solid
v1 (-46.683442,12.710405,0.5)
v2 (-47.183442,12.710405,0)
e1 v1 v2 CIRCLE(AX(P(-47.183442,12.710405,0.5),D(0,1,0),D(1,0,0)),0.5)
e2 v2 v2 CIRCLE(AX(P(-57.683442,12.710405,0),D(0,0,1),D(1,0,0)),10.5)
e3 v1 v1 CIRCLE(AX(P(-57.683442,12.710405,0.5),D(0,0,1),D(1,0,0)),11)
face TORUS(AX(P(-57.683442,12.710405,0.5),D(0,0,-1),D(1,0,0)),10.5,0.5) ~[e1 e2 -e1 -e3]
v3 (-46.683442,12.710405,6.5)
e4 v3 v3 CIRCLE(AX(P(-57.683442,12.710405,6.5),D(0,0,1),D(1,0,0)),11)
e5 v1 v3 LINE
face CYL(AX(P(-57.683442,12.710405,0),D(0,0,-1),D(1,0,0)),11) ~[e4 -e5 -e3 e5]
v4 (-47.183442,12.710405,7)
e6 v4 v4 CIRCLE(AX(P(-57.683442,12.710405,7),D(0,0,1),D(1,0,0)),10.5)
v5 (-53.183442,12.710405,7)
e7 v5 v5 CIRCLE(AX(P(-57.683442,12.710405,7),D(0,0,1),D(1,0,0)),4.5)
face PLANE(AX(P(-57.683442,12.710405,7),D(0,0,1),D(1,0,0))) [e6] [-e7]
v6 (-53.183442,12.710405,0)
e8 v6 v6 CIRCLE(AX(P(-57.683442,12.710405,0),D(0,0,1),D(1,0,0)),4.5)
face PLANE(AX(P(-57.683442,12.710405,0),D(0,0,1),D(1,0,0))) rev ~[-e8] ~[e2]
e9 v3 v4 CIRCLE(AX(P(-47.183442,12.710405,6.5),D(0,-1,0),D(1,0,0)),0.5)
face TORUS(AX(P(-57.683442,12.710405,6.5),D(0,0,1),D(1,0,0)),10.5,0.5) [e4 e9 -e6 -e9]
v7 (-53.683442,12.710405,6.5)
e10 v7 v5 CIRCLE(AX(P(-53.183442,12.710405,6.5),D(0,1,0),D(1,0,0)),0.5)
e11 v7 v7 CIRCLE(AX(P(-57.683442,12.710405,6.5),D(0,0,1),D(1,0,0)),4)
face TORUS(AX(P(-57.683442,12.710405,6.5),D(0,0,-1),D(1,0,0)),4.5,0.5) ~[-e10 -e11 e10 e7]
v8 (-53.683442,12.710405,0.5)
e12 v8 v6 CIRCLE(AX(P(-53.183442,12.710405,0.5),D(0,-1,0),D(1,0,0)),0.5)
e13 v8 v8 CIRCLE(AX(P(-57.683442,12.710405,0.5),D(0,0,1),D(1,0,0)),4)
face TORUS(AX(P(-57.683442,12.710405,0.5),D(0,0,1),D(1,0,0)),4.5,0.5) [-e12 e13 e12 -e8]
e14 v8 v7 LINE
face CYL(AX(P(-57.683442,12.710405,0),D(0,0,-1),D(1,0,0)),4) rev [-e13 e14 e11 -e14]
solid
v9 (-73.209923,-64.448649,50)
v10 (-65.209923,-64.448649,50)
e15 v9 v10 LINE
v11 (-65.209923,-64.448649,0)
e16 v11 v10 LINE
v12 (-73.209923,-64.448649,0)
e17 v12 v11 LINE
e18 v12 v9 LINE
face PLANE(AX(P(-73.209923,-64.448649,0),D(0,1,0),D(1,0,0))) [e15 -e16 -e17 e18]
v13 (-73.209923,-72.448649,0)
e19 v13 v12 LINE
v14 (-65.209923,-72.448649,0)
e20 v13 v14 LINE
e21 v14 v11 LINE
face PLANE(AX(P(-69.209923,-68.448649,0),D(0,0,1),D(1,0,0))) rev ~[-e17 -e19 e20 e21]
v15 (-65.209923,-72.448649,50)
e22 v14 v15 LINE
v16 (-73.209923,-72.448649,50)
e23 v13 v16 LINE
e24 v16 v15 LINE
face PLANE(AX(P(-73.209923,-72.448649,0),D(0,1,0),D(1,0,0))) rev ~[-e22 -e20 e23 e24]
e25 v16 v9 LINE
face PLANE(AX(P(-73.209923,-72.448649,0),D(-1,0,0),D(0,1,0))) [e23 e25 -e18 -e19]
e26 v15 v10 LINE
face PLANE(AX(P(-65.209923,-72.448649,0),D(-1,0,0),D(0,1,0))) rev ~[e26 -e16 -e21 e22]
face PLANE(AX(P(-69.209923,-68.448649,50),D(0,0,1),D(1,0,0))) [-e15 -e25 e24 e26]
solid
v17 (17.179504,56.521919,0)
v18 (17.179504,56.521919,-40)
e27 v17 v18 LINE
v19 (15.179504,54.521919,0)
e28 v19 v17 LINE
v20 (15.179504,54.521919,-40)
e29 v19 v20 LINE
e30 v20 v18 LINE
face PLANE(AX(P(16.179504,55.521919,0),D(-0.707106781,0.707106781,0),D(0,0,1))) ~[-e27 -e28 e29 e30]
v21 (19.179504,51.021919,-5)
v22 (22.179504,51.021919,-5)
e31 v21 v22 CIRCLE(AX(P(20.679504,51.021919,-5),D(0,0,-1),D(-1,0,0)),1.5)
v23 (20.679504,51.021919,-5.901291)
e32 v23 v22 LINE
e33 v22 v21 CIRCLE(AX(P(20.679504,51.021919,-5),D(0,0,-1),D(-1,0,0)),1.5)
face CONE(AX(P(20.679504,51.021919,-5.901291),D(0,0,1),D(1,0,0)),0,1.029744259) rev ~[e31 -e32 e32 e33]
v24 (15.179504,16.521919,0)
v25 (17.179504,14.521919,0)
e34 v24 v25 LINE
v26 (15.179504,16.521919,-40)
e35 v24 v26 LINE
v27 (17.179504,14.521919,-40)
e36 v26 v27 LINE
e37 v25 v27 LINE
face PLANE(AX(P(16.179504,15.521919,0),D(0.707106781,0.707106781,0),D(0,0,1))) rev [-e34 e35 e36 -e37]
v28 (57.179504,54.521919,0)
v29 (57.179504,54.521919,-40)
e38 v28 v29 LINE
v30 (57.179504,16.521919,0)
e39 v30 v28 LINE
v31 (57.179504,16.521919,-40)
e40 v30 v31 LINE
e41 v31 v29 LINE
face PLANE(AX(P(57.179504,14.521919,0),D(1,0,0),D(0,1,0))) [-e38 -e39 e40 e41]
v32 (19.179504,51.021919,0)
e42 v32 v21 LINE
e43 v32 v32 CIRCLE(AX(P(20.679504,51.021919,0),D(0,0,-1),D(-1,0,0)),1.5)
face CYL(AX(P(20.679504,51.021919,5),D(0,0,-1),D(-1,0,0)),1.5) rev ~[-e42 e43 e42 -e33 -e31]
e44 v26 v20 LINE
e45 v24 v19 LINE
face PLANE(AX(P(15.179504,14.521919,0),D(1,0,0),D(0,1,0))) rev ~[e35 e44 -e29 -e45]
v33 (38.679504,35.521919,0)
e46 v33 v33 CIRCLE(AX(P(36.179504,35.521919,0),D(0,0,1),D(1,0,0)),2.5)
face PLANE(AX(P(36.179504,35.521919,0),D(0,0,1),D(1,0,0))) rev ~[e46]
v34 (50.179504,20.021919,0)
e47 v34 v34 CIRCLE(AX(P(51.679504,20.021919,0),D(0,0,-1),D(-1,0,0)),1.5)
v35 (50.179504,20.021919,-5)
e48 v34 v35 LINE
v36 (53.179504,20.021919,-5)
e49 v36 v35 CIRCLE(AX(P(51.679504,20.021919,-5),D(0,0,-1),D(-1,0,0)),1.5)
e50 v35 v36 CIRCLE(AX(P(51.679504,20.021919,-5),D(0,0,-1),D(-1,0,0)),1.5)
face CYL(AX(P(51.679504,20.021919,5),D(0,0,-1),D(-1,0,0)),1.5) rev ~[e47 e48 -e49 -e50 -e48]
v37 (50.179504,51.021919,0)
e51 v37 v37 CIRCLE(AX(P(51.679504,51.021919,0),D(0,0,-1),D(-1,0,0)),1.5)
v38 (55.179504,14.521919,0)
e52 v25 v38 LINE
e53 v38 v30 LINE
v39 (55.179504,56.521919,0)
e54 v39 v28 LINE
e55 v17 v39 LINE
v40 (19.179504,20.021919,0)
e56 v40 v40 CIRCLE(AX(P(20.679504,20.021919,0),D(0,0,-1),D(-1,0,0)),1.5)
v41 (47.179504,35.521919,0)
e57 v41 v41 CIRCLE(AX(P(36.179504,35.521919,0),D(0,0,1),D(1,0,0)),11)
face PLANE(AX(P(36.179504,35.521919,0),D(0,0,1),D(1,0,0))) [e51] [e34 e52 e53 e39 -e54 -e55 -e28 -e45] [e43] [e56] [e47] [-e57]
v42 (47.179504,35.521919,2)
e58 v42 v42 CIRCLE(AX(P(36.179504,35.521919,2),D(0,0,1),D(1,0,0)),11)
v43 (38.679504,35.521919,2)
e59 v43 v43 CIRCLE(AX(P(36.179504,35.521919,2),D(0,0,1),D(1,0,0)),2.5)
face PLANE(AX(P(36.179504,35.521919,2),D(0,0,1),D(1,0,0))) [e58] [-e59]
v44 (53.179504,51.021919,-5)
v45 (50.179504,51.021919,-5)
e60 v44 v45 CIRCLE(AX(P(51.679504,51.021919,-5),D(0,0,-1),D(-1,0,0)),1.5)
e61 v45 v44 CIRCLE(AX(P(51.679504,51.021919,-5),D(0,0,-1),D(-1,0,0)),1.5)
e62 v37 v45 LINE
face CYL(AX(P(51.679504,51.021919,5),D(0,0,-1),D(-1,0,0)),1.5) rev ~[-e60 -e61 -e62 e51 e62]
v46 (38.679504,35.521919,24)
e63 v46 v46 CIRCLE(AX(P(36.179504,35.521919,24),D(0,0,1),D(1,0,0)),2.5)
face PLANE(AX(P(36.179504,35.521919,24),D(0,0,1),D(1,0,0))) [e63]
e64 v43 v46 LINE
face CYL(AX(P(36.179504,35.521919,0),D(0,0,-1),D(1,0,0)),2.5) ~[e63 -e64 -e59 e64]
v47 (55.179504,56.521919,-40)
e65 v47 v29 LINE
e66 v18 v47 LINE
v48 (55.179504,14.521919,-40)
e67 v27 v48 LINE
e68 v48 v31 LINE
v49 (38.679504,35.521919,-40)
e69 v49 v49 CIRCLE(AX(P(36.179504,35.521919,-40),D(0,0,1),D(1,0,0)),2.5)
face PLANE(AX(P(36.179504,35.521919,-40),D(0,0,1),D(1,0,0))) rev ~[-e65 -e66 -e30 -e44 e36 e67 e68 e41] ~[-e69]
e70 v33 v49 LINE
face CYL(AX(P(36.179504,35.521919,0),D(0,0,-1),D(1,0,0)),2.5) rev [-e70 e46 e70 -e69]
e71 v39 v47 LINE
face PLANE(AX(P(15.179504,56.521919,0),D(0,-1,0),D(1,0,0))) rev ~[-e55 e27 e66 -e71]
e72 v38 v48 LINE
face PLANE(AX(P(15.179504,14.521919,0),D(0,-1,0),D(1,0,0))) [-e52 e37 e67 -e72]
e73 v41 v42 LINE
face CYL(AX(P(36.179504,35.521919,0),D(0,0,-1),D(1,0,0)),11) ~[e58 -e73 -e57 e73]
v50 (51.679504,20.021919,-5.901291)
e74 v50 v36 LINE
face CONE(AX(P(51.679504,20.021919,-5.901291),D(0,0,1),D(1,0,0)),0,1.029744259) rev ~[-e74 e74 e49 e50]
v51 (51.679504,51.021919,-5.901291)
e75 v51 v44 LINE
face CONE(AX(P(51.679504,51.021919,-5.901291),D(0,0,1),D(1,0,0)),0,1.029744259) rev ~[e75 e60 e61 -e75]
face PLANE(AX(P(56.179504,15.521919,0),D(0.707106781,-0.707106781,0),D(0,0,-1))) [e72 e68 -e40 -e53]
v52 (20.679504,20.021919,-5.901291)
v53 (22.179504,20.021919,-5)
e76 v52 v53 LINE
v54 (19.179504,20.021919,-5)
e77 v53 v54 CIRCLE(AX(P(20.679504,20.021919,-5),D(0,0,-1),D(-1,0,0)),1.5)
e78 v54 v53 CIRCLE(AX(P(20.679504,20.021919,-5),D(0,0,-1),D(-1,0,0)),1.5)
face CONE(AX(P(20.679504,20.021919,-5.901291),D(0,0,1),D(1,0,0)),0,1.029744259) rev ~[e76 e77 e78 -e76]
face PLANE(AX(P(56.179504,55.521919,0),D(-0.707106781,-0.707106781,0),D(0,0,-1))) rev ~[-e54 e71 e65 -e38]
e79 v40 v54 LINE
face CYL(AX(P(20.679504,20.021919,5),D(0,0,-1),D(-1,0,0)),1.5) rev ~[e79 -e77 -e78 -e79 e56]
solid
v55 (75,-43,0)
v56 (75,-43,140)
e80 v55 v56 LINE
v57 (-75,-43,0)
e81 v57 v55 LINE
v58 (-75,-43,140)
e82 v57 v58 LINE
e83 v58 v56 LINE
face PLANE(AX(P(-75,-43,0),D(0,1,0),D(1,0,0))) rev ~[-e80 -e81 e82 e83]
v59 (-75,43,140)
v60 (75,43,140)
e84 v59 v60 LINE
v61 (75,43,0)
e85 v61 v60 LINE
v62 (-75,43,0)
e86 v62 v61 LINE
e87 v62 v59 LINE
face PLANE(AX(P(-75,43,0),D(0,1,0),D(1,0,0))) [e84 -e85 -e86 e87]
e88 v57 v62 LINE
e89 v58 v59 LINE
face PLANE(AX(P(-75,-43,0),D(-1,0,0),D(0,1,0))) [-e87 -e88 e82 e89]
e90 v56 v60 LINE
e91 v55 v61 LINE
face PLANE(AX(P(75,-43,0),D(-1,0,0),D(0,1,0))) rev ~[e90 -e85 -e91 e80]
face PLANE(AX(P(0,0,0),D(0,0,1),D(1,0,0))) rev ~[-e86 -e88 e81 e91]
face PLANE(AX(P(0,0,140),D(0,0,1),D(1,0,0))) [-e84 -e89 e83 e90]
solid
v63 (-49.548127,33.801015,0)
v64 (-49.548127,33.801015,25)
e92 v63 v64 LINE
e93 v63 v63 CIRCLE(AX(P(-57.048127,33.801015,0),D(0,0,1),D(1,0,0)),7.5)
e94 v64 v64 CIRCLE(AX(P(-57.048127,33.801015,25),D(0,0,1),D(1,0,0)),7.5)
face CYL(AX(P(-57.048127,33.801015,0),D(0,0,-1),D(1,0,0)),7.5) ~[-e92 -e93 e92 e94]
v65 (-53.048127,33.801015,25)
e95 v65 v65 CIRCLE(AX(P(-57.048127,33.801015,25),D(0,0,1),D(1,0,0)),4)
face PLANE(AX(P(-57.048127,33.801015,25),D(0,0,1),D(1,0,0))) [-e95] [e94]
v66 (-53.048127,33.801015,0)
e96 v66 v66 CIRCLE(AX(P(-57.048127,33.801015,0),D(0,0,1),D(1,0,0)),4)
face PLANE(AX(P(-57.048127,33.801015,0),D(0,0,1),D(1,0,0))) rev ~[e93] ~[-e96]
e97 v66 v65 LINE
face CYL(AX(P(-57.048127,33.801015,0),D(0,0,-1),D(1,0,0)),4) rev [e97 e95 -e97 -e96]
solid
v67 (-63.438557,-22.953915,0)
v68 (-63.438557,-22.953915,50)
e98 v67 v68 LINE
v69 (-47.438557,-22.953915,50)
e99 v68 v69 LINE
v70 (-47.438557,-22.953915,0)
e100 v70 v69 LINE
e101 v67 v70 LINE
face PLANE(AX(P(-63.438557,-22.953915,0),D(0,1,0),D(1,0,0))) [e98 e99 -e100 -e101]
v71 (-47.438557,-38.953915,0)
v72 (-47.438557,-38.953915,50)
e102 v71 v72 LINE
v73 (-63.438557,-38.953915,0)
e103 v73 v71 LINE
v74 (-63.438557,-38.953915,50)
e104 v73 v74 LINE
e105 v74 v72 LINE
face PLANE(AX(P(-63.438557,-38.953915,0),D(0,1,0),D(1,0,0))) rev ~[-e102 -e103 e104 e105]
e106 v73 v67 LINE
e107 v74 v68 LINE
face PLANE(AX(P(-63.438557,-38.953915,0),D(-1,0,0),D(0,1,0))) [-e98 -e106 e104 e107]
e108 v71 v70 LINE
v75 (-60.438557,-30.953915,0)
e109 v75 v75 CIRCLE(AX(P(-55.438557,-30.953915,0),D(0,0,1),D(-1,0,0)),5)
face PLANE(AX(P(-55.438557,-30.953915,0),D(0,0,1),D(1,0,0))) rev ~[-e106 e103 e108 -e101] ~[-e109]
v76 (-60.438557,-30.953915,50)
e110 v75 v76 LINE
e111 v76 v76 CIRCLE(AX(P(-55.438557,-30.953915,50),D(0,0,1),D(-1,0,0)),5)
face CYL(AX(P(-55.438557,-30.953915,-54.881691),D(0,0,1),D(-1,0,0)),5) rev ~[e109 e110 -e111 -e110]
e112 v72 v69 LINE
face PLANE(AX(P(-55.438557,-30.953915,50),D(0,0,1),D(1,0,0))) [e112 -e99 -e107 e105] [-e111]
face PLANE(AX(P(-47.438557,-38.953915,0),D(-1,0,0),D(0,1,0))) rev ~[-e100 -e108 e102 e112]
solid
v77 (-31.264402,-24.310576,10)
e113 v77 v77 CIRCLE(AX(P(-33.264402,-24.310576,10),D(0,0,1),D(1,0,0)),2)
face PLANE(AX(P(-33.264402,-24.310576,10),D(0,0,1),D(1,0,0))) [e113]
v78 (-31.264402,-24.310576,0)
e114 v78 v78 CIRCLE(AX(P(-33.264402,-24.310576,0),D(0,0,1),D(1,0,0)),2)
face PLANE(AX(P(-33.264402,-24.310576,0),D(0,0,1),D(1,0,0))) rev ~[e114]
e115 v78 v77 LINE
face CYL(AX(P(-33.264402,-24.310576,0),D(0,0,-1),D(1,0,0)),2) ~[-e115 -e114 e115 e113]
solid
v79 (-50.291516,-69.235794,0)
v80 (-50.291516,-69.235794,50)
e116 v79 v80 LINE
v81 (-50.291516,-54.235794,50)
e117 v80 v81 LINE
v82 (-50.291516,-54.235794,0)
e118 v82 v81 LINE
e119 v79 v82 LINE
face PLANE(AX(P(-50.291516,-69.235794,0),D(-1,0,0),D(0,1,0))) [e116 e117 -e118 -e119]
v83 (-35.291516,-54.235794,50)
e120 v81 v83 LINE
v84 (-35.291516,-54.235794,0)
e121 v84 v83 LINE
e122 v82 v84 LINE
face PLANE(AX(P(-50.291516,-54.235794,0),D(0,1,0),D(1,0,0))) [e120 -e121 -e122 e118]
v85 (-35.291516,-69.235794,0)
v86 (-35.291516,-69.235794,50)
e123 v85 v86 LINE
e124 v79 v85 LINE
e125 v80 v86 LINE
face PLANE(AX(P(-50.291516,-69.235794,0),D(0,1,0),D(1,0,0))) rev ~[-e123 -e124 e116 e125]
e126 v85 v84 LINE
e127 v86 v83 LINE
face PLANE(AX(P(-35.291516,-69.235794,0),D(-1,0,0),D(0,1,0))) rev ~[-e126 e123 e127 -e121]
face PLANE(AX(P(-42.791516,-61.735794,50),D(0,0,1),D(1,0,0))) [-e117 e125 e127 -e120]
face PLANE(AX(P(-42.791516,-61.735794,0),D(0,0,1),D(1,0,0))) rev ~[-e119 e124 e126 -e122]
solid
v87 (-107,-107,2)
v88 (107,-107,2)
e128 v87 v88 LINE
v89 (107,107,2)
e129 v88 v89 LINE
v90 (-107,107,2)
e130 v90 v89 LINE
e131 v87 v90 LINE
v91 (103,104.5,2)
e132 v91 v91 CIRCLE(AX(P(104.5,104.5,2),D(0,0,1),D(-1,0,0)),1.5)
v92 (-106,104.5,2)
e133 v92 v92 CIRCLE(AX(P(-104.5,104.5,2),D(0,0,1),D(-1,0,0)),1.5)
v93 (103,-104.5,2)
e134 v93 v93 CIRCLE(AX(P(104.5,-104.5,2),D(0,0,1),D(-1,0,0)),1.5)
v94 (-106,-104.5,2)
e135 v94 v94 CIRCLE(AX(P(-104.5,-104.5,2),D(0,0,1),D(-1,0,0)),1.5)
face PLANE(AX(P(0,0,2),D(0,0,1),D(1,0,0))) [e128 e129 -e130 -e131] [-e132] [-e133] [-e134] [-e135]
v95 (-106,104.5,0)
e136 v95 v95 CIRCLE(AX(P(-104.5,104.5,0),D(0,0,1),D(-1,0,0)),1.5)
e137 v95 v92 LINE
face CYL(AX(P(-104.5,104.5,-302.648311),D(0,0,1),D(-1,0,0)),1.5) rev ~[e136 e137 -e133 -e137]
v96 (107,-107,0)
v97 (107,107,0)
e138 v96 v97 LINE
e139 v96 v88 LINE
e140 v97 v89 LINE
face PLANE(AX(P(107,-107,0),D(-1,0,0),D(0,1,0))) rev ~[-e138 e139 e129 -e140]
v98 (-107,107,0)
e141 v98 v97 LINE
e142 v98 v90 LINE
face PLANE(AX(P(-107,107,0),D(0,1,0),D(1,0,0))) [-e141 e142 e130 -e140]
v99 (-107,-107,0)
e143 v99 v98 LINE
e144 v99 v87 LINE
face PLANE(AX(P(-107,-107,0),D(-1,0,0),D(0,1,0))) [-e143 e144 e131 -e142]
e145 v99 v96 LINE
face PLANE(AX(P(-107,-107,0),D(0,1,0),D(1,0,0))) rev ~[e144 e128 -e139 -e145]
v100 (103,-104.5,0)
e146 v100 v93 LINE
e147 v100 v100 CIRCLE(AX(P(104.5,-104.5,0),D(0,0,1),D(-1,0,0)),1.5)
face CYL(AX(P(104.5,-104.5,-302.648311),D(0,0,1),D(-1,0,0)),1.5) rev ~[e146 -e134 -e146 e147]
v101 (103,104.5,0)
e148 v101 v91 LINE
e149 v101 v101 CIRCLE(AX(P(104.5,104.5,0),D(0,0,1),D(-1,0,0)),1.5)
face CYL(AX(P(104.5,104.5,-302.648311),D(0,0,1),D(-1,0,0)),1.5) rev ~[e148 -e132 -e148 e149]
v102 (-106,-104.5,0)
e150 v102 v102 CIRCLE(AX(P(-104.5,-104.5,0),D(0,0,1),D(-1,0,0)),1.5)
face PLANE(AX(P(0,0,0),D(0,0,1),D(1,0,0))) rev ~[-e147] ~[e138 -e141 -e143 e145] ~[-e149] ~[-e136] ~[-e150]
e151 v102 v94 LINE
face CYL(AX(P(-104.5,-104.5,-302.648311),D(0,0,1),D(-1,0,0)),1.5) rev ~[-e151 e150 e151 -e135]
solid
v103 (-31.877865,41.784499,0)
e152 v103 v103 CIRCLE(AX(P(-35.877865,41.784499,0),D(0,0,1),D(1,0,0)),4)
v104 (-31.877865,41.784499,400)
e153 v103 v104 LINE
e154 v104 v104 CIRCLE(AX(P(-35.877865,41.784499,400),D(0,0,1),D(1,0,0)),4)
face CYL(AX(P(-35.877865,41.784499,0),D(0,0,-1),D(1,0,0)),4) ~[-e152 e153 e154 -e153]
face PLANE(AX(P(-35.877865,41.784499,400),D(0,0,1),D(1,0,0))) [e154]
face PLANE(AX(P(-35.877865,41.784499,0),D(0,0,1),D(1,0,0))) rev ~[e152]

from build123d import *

# Parameters (mm, degrees)
F0_R      = 7.5
F0_R_2    = 4
F1_DEPTH  = 25
F2_DEPTH  = 400
F0_R_3    = 11
F3_DEPTH  = 7
F4_R      = 0.5
F0_W      = 42
F0_H      = 42
F0_R_4    = 2.5
F5_DEPTH  = 40
F6_DEPTH  = 2
F7_DEPTH  = 24
F8_SIZE   = 2
F9_D      = 3
F9_DEPTH  = 5
F9_TIP    = 0.9012909285
F10_W     = 214
F10_H     = 214
F11_DEPTH = 2
F12_D     = 3
F13_W     = 150
F13_H     = 86
F14_DEPTH = 140
F0_W_2    = 16
F0_H_2    = 16
F15_DEPTH = 50
F16_D     = 10
F0_R_5    = 2
F17_DEPTH = 10
F0_W_3    = 8
F0_H_3    = 8
F18_DEPTH = 50
F0_W_4    = 15
F0_H_4    = 15
F19_DEPTH = 50


with BuildPart() as f1:
    # F0 (on Top) → F1 (new body)
    with BuildSketch(Plane.XY):
        with Locations((-57.0481270552, 33.8010154665)):
            Circle(F0_R)
        with Locations((-57.0481270552, 33.8010154665)):
            Circle(F0_R_2, mode=Mode.SUBTRACT)
    extrude(amount=F1_DEPTH)


with BuildPart() as f2:
    # F0 (on Top) → F2 (new body)
    with BuildSketch(Plane.XY):
        with Locations((-35.8778648078, 41.7844988406)):
            Circle(F0_R_2)
    extrude(amount=F2_DEPTH)


with BuildPart() as f3:
    # F0 (on Top) → F3 (new body)
    with BuildSketch(Plane.XY):
        with Locations((-57.683441788, 12.7104045823)):
            Circle(F0_R_3)
        with Locations((-57.683441788, 12.7104045823)):
            Circle(F0_R_2, mode=Mode.SUBTRACT)
    extrude(amount=F3_DEPTH)

    # F4
    f4_edges = [f3.edges().sort_by_distance(p)[0] for p in [
        (-68.683442, 12.710405, 7),
        (-61.683442, 12.710405, 7),
        (-61.683442, 12.710405, 0),
        (-68.683442, 12.710405, 0),
    ]]
    fillet(f4_edges, radius=F4_R)


with BuildPart() as f5:
    # F0 (on Top) → F5 (new body)
    with BuildSketch(Plane.XY):
        with Locations((36.1795037091, 35.5219191909)):
            Rectangle(F0_W, F0_H)
        with Locations((36.1795037091, 35.5219191909)):
            Circle(F0_R_3, mode=Mode.SUBTRACT)
        with Locations((36.1795037091, 35.5219191909)):
            Circle(F0_R_3)
        with Locations((36.1795037091, 35.5219191909)):
            Circle(F0_R_4, mode=Mode.SUBTRACT)
    extrude(amount=-F5_DEPTH)

    # F0 (on Top) → F6 (join)
    with BuildSketch(Plane.XY):
        with Locations((36.1795037091, 35.5219191909)):
            Circle(F0_R_3)
        with Locations((36.1795037091, 35.5219191909)):
            Circle(F0_R_4, mode=Mode.SUBTRACT)
    extrude(amount=F6_DEPTH)

    # F0 (on Top) → F7 (join)
    with BuildSketch(Plane.XY):
        with Locations((36.1795037091, 35.5219191909)):
            Circle(F0_R_4)
    extrude(amount=F7_DEPTH)

    # F8
    f8_edges = [f5.edges().sort_by_distance(p)[0] for p in [
        (57.179504, 56.521919, -20),
        (15.179504, 56.521919, -20),
        (15.179504, 14.521919, -20),
        (57.179504, 14.521919, -20),
    ]]
    chamfer(f8_edges, length=F8_SIZE)

    # F9
    with Locations(Plane.XY):
        with Locations((20.6795037091, 51.0219191909), (51.6795037091, 51.0219191909), (51.6795037091, 20.0219191909), (20.6795037091, 20.0219191909)):
            Hole(F9_D / 2, depth=F9_DEPTH)
            with Locations((0, 0, -(F9_DEPTH + F9_TIP / 2))):  # 118° drill point
                Cone(0, F9_D / 2, F9_TIP, mode=Mode.SUBTRACT)


with BuildPart() as f11:
    # F10 (on Top) → F11 (new body)
    with BuildSketch(Plane.XY):
        Rectangle(F10_W, F10_H)
    extrude(amount=F11_DEPTH)

    # F12 (through all)
    with Locations(Plane(origin=(0, 0, 0), x_dir=(1, 0, 0), z_dir=(0, 0, -1))):
        with Locations((-104.5, -104.5), (104.5, -104.5), (104.5, 104.5), (-104.5, 104.5)):
            Hole(F12_D / 2)


with BuildPart() as f14:
    # F13 (on Top) → F14 (new body)
    with BuildSketch(Plane.XY):
        Rectangle(F13_W, F13_H)
    extrude(amount=F14_DEPTH)


with BuildPart() as f15:
    # F0 (on Top) → F15 (new body)
    with BuildSketch(Plane.XY):
        with Locations((-55.4385570884, -30.9539152384)):
            Rectangle(F0_W_2, F0_H_2)
    extrude(amount=F15_DEPTH)

    # F16 (through all)
    with Locations(Plane(origin=(0, 0, 0), x_dir=(1, 0, 0), z_dir=(0, 0, -1))):
        with Locations((-55.4385570884, 30.9539152384)):
            Hole(F16_D / 2)


with BuildPart() as f17:
    # F0 (on Top) → F17 (new body)
    with BuildSketch(Plane.XY):
        with Locations((-33.2644023001, -24.3105757982)):
            Circle(F0_R_5)
    extrude(amount=F17_DEPTH)


with BuildPart() as f18:
    # F0 (on Top) → F18 (new body)
    with BuildSketch(Plane.XY):
        with Locations((-69.2099227607, -68.4486485124)):
            Rectangle(F0_W_3, F0_H_3)
    extrude(amount=F18_DEPTH)


with BuildPart() as f19:
    # F0 (on Top) → F19 (new body)
    with BuildSketch(Plane.XY):
        with Locations((-42.7915158868, -61.7357942462)):
            Rectangle(F0_W_4, F0_H_4)
    extrude(amount=F19_DEPTH)


solid = Compound([f1.part, f2.part, f3.part, f5.part, f11.part, f14.part, f15.part, f17.part, f18.part, f19.part])
